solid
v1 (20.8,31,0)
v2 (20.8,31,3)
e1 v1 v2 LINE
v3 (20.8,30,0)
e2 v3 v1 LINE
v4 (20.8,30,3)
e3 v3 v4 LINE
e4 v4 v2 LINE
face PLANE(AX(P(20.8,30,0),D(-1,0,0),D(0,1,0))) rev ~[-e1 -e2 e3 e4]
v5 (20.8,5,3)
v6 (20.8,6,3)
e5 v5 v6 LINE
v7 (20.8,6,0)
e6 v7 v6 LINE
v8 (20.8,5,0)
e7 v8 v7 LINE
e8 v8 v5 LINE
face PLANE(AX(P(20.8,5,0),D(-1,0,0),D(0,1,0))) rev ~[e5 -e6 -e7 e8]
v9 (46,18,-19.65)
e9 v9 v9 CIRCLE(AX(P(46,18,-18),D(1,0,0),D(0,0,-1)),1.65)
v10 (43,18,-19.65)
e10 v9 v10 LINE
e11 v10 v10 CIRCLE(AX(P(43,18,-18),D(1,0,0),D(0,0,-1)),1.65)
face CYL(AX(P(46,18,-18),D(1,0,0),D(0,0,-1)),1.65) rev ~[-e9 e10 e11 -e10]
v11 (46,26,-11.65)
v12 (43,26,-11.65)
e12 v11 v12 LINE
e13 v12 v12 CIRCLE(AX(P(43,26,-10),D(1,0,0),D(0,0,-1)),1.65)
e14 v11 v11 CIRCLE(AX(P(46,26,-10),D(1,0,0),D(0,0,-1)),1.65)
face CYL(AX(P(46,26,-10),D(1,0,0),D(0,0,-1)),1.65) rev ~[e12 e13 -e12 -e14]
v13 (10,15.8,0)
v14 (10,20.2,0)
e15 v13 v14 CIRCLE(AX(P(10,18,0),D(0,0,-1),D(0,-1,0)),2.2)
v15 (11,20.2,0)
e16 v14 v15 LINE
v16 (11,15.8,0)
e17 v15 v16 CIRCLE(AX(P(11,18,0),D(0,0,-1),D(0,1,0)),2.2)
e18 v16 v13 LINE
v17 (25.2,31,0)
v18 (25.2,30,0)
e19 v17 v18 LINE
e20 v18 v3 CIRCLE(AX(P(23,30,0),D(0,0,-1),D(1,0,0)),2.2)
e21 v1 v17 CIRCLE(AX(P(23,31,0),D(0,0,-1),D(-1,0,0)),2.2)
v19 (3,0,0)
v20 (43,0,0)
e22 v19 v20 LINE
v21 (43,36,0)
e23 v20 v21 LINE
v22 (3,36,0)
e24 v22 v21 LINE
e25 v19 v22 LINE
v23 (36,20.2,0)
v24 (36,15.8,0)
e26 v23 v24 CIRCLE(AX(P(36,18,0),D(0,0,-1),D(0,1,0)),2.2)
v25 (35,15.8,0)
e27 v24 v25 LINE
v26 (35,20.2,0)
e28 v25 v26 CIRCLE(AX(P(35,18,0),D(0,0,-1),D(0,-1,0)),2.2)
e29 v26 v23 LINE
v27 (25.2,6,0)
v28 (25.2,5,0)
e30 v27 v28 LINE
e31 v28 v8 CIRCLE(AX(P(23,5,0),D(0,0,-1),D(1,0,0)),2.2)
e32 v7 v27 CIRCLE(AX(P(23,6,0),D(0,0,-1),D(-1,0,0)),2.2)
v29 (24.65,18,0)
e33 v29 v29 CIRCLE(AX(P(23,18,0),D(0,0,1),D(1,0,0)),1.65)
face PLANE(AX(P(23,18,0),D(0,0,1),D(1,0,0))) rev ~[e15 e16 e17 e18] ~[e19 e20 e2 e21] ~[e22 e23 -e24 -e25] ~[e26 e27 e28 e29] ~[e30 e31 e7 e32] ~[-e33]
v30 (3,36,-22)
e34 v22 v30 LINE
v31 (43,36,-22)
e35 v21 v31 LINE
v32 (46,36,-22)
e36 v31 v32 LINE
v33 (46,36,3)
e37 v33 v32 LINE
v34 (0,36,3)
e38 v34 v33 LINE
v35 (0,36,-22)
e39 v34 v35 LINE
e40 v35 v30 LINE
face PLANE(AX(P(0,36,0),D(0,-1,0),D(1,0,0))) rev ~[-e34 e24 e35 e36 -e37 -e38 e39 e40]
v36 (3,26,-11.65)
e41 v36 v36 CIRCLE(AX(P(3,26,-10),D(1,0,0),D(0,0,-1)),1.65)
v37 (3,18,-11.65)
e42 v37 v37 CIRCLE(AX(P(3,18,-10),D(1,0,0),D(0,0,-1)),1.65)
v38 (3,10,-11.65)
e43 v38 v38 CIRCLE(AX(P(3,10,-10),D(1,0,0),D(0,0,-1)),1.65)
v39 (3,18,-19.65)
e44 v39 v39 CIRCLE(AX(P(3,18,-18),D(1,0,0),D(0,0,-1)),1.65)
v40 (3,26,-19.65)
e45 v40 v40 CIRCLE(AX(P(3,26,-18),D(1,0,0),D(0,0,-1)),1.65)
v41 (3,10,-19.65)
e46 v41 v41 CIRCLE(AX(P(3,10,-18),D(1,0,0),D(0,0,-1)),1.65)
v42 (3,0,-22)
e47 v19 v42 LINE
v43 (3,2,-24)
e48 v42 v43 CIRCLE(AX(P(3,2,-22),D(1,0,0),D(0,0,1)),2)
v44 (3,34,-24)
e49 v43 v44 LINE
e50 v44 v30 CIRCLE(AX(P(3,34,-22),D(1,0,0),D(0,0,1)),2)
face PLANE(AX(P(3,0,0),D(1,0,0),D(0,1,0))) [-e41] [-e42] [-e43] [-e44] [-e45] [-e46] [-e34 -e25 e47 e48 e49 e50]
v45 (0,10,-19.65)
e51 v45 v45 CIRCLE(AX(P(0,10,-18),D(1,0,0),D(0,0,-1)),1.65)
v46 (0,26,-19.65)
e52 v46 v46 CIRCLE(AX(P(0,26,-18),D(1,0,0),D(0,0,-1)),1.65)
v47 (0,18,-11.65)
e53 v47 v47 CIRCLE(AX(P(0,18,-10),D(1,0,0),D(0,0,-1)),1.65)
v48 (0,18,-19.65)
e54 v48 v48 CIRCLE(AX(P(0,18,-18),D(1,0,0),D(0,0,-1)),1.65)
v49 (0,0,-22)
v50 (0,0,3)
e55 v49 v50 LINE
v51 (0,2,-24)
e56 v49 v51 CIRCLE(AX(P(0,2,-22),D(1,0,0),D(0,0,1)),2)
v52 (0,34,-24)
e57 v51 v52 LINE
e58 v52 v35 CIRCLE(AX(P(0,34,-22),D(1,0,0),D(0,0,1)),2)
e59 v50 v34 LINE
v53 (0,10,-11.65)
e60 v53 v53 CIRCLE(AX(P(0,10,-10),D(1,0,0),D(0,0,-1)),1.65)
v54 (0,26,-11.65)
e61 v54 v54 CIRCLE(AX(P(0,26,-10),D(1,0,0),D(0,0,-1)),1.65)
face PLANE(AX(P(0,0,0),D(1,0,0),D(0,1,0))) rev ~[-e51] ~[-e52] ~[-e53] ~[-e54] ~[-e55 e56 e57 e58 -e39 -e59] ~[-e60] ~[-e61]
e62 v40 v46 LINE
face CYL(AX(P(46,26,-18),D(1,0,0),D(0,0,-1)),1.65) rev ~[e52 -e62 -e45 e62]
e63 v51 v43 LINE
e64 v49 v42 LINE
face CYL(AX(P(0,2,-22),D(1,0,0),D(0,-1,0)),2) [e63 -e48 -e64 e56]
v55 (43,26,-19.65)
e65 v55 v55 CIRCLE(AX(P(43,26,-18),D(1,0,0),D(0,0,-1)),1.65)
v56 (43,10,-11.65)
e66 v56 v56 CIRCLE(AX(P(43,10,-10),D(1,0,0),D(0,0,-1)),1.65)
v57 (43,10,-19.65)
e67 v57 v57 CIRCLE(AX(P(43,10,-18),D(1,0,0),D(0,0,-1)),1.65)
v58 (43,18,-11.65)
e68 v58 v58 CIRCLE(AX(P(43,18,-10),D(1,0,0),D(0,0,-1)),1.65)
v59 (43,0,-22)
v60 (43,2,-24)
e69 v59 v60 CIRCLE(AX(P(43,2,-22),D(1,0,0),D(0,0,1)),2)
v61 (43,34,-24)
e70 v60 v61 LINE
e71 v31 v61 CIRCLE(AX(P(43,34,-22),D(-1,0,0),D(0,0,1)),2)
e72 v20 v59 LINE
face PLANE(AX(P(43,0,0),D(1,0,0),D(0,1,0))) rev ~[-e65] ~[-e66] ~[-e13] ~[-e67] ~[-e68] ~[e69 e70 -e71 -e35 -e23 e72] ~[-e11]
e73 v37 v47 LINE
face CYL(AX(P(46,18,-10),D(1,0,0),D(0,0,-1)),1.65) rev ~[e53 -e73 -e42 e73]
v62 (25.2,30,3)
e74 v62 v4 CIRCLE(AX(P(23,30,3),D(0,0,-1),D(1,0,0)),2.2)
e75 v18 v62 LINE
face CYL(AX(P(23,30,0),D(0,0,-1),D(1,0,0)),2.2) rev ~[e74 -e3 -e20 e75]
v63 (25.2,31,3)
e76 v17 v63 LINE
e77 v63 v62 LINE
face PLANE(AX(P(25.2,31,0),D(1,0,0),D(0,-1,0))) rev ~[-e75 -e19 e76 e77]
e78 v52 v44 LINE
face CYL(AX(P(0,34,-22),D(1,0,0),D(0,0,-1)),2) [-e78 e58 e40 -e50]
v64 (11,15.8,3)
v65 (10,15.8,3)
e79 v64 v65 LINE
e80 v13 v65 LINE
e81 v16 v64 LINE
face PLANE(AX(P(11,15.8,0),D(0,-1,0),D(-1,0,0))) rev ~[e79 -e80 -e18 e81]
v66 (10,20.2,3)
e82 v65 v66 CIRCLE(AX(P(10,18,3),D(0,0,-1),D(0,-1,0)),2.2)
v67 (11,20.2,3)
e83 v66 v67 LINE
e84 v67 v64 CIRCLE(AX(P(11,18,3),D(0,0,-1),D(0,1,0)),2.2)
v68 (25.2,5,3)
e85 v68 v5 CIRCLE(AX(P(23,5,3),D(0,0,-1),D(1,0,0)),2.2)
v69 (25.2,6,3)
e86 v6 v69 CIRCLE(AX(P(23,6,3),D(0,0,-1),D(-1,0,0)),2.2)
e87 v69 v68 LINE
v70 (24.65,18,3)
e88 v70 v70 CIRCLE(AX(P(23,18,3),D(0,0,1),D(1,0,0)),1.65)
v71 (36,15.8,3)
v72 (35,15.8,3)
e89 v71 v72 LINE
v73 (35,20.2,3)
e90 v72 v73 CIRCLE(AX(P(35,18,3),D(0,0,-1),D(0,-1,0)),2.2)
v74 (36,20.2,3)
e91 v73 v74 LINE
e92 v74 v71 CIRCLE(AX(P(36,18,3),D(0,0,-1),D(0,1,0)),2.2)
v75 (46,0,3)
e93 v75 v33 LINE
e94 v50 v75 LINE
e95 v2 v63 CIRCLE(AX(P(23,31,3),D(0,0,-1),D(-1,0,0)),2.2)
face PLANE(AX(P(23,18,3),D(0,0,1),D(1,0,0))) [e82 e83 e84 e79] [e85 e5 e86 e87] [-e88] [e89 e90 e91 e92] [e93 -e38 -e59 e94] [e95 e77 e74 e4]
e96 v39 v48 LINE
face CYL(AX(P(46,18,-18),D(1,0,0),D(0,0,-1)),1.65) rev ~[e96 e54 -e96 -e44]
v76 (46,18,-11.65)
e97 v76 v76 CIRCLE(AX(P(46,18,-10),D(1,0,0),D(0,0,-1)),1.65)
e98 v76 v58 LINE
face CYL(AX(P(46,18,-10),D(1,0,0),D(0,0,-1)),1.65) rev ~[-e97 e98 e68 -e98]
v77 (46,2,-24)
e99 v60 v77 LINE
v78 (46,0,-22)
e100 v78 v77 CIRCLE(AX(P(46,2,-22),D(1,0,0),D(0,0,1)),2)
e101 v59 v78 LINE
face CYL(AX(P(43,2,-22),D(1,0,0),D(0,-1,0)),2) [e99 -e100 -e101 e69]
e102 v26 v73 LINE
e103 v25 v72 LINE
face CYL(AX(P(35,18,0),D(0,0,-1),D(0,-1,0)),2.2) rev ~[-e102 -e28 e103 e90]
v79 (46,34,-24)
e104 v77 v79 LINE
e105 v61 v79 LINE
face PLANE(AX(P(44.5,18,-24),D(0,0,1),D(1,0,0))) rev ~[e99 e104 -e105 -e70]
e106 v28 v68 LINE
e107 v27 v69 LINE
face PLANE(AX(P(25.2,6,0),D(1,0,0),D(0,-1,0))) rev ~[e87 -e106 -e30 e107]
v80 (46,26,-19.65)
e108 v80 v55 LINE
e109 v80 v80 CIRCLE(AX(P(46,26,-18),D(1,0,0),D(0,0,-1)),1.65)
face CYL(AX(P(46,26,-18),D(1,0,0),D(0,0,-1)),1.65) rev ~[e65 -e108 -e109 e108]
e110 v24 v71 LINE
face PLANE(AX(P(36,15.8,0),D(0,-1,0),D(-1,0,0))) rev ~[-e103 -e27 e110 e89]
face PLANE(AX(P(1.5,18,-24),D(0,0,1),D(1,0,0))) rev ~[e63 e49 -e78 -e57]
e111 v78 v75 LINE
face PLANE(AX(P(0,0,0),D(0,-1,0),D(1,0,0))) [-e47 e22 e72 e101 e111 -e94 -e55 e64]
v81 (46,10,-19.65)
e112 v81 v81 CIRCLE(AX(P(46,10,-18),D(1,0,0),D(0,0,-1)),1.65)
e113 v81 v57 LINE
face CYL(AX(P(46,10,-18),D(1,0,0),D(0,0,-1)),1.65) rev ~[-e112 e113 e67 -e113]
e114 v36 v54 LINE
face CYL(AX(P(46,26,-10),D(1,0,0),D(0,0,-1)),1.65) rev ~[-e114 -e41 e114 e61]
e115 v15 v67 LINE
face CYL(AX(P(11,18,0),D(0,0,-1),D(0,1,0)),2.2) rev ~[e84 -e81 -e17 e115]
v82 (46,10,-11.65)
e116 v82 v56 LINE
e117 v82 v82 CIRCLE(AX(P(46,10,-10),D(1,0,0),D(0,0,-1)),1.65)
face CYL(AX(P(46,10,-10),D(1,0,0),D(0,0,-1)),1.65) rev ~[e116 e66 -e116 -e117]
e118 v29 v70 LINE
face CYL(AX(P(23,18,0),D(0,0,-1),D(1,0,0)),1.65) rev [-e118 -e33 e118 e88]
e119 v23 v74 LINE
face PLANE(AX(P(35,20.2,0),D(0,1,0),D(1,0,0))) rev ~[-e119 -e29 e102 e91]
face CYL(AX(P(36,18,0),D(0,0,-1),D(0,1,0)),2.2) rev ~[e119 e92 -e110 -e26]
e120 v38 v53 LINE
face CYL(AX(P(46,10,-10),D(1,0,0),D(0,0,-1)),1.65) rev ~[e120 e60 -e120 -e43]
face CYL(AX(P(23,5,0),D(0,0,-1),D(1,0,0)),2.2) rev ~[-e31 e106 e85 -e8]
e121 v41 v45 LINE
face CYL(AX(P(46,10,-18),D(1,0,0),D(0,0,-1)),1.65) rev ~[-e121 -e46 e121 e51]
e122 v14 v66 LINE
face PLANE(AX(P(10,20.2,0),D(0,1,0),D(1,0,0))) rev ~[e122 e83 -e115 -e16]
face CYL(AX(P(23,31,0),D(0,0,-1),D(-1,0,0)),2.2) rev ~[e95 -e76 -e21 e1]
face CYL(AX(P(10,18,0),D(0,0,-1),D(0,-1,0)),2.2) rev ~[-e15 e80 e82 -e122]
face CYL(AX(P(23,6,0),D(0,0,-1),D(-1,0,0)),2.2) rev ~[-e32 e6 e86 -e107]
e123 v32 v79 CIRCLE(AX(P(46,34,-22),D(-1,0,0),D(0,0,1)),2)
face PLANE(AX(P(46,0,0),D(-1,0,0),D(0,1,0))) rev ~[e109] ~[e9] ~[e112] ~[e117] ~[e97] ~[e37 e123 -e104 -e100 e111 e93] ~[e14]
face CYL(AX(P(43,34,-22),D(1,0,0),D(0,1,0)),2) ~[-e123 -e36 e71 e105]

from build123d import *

# Parameters (mm, degrees)
SKETCH_1_W          = 46
SKETCH_1_H          = 36
SKETCH_1_R          = 1.65
EXTRUDE_1_DEPTH     = 3
SKETCH_2_W          = 3
SKETCH_2_H          = 36
EXTRUDE_2_DEPTH     = 24
SKETCH_3_R          = 1.65
CUT_EXTRUDE_1_DEPTH = 50
FILLET_1_R          = 2


with BuildPart() as part:
    # 草图1 → 凸台-拉伸1 (new body)
    with BuildSketch(Plane.XY):
        with Locations((23, 18)):
            Rectangle(SKETCH_1_W, SKETCH_1_H)
        with BuildLine():
            Line((20.8, 30), (20.8, 31))
            ThreePointArc((20.8, 31), (23, 33.2), (25.2, 31))
            Line((25.2, 31), (25.2, 30))
            ThreePointArc((25.2, 30), (23, 27.8), (20.8, 30))
        make_face(mode=Mode.SUBTRACT)
        with BuildLine():
            ThreePointArc((36, 20.2), (38.2, 18), (36, 15.8))
            Line((36, 15.8), (35, 15.8))
            ThreePointArc((35, 15.8), (32.8, 18), (35, 20.2))
            Line((35, 20.2), (36, 20.2))
        make_face(mode=Mode.SUBTRACT)
        with BuildLine():
            ThreePointArc((25.2, 5), (23, 2.8), (20.8, 5))
            Line((20.8, 5), (20.8, 6))
            ThreePointArc((20.8, 6), (23, 8.2), (25.2, 6))
            Line((25.2, 6), (25.2, 5))
        make_face(mode=Mode.SUBTRACT)
        with BuildLine():
            ThreePointArc((10, 15.8), (7.8, 18), (10, 20.2))
            Line((10, 20.2), (11, 20.2))
            ThreePointArc((11, 20.2), (13.2, 18), (11, 15.8))
            Line((11, 15.8), (10, 15.8))
        make_face(mode=Mode.SUBTRACT)
        with Locations((23, 18)):
            Circle(SKETCH_1_R, mode=Mode.SUBTRACT)
    extrude(amount=EXTRUDE_1_DEPTH)

    # 草图2 → 凸台-拉伸2 (add)
    with BuildSketch(Plane.XY):
        with Locations((1.5, 18)):
            Rectangle(SKETCH_2_W, SKETCH_2_H)
        with Locations((44.5, 18)):
            Rectangle(SKETCH_2_W, SKETCH_2_H)
    extrude(amount=-EXTRUDE_2_DEPTH)

    # 草图3 → 切除-拉伸1 (cut)
    with BuildSketch(Plane(origin=(46, 0, 0), x_dir=(0, 0, -1), z_dir=(1, 0, 0))):
        with Locations((18, 10)):
            Circle(SKETCH_3_R)
        with Locations((10, 18)):
            Circle(SKETCH_3_R)
        with Locations((10, 10)):
            Circle(SKETCH_3_R)
        with Locations((18, 26)):
            Circle(SKETCH_3_R)
        with Locations((18, 18)):
            Circle(SKETCH_3_R)
        with Locations((10, 26)):
            Circle(SKETCH_3_R)
    extrude(amount=-CUT_EXTRUDE_1_DEPTH, mode=Mode.SUBTRACT)

    # 圆角1
    fillet_1_edges = [part.edges().sort_by_distance(p)[0] for p in [
        (1.5, 36, -24),
        (1.5, 0, -24),
        (44.5, 0, -24),
        (44.5, 36, -24),
    ]]
    fillet(fillet_1_edges, radius=FILLET_1_R)


solid = part.part
